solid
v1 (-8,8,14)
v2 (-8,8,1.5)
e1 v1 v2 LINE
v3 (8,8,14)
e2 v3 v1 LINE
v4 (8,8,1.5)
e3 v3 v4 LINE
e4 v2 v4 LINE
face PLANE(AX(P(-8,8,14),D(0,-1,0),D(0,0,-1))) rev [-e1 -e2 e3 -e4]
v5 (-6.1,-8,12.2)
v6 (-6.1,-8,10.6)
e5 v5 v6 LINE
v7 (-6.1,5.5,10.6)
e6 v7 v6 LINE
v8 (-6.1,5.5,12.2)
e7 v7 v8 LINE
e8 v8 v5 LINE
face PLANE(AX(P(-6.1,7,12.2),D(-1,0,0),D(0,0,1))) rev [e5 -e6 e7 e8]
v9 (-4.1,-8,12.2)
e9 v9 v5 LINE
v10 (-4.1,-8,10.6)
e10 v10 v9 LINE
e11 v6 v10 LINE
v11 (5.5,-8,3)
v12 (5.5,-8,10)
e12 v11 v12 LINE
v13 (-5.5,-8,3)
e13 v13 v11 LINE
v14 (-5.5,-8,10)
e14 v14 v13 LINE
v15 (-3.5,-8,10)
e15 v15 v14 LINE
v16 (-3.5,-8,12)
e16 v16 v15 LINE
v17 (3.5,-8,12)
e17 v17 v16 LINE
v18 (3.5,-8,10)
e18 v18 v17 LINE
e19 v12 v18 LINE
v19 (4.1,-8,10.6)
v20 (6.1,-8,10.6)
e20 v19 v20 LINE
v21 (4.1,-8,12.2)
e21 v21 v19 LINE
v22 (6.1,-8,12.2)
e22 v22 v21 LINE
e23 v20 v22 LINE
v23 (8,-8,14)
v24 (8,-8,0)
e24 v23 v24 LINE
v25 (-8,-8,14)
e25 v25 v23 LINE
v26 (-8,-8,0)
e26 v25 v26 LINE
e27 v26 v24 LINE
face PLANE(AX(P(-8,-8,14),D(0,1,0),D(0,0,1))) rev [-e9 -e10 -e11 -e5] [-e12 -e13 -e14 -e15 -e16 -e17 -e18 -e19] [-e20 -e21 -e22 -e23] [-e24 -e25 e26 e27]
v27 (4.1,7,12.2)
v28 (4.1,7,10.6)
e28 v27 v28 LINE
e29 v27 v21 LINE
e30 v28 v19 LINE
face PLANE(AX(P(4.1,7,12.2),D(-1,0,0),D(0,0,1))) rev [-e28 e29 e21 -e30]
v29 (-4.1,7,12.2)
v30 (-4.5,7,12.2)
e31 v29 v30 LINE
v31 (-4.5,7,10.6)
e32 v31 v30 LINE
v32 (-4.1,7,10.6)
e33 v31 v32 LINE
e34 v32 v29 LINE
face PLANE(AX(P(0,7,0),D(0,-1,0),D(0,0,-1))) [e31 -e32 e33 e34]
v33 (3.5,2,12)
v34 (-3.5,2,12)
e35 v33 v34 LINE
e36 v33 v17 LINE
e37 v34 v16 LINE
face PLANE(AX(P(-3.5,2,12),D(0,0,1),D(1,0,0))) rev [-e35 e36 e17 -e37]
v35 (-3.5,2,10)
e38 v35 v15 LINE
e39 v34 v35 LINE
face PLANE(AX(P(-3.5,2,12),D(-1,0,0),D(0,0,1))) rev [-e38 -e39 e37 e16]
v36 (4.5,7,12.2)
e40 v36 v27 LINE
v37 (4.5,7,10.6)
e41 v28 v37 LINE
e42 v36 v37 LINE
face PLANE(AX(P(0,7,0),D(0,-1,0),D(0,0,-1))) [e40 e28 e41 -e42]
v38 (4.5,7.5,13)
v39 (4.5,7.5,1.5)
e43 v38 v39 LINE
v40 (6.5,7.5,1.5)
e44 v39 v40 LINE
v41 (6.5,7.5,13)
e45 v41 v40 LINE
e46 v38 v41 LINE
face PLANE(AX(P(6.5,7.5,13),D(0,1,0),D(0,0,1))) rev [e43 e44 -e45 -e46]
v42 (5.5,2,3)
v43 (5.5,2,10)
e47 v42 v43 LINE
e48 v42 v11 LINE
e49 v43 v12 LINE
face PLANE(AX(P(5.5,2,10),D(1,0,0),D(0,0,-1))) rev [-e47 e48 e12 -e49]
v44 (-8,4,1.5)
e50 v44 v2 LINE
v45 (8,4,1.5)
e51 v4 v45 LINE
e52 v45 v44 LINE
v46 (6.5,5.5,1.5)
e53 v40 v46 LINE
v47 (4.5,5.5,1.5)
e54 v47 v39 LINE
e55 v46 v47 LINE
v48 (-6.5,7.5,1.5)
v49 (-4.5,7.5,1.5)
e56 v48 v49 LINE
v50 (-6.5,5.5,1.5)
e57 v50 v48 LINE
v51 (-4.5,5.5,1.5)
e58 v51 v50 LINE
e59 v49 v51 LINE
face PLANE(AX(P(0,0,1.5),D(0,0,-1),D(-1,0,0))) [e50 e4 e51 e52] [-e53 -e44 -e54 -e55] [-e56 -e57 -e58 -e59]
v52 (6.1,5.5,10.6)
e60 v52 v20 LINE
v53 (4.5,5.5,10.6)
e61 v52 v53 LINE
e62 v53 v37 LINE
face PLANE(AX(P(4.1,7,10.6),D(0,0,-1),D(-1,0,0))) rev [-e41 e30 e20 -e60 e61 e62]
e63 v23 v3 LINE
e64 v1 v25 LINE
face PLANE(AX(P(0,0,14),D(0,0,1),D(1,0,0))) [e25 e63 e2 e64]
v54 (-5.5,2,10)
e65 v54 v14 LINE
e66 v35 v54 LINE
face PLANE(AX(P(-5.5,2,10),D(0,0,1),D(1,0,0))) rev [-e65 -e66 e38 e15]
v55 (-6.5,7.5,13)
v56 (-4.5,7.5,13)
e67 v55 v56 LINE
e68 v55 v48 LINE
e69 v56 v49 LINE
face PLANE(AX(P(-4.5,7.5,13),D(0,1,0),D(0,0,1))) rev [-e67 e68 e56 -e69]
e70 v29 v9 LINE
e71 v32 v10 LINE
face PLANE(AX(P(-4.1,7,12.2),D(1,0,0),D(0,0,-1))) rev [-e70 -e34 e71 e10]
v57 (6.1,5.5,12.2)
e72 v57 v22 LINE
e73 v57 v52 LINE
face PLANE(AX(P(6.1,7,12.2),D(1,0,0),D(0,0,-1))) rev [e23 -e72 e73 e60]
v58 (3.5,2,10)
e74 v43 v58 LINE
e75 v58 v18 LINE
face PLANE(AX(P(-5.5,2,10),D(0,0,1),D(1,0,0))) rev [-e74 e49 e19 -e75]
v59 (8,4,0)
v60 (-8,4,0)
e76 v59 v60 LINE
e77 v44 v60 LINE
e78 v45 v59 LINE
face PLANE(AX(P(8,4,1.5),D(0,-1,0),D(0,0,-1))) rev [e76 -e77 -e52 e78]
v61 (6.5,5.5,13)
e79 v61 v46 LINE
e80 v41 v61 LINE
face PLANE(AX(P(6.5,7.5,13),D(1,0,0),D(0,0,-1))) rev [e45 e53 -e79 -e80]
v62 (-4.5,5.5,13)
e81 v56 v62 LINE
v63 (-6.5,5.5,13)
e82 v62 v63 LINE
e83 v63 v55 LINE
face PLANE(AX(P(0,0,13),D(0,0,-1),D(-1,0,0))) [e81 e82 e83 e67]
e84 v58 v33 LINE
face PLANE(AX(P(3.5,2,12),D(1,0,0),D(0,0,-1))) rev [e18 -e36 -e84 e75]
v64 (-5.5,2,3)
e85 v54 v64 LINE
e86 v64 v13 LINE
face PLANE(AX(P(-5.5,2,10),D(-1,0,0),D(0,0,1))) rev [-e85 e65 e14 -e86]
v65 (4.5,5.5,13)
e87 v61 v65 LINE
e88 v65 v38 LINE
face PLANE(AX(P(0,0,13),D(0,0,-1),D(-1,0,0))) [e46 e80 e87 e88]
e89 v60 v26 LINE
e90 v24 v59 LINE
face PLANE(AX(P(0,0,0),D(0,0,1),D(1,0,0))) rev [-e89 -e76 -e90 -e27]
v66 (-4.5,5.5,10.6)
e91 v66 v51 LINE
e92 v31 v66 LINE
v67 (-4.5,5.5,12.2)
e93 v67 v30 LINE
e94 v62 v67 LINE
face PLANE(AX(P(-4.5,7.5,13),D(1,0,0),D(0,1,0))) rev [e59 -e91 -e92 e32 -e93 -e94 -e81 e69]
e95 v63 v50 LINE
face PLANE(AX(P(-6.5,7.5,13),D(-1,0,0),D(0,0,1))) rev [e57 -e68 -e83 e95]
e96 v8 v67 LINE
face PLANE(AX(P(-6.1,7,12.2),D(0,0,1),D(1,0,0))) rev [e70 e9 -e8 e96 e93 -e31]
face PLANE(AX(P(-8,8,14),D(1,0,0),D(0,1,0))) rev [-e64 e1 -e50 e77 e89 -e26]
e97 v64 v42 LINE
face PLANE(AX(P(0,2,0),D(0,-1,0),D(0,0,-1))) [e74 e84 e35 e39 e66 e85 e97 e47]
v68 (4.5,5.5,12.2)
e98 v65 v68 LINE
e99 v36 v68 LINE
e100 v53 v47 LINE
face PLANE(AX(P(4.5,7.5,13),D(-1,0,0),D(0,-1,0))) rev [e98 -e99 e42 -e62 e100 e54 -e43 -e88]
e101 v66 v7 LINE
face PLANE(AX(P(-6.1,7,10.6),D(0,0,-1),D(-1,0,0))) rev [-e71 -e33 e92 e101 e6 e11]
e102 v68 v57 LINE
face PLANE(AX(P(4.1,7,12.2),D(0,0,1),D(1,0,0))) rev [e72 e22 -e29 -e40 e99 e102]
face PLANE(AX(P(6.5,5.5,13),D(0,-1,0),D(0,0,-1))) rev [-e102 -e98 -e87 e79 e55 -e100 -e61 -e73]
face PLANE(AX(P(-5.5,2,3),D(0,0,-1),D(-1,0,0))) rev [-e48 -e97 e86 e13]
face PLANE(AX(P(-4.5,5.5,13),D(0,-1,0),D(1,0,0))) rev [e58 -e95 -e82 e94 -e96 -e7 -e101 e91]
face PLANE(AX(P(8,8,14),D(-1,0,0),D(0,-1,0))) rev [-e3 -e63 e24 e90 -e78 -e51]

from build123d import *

# Parameters (mm, degrees)
SKIZZE1_W                       = 16
SKIZZE1_H                       = 16
AUFSATZ_LINEAR_AUSTRAGEN1_DEPTH = 14
SKIZZE2_W                       = 11
SKIZZE2_H                       = 7
SCHNITT_LINEAR_AUSTRAGEN1_DEPTH = 10
SKIZZE3_W                       = 7
SKIZZE3_H                       = 2
SCHNITT_LINEAR_AUSTRAGEN2_DEPTH = 10
SKIZZE4_W                       = 2
SKIZZE4_H                       = 1.6
SCHNITT_LINEAR_AUSTRAGEN3_DEPTH = 15
SKIZZE5_W                       = 16
SKIZZE5_H                       = 4
SCHNITT_LINEAR_AUSTRAGEN5_DEPTH = 1.5
SKIZZE6_W                       = 2
SKIZZE6_H                       = 2
SCHNITT_LINEAR_AUSTRAGEN6_DEPTH = 11.5


with BuildPart() as part:
    # Skizze1 → Aufsatz-Linear austragen1 (new body)
    with BuildSketch(Plane.XY):
        Rectangle(SKIZZE1_W, SKIZZE1_H)
    extrude(amount=AUFSATZ_LINEAR_AUSTRAGEN1_DEPTH)

    # Skizze2 → Schnitt-Linear austragen1 (cut)
    with BuildSketch(Plane.XZ.offset(8)):
        with Locations((0, 6.5)):
            Rectangle(SKIZZE2_W, SKIZZE2_H)
    extrude(amount=-SCHNITT_LINEAR_AUSTRAGEN1_DEPTH, mode=Mode.SUBTRACT)

    # Skizze3 → Schnitt-Linear austragen2 (cut)
    with BuildSketch(Plane.XZ.offset(8)):
        with Locations((0, 11)):
            Rectangle(SKIZZE3_W, SKIZZE3_H)
    extrude(amount=-SCHNITT_LINEAR_AUSTRAGEN2_DEPTH, mode=Mode.SUBTRACT)

    # Skizze4 → Schnitt-Linear austragen3 (cut)
    with BuildSketch(Plane.XZ.offset(8)):
        with Locations((5.1, 11.4)):
            Rectangle(SKIZZE4_W, SKIZZE4_H)
        with Locations((-5.1, 11.4)):
            Rectangle(SKIZZE4_W, SKIZZE4_H)
    extrude(amount=-SCHNITT_LINEAR_AUSTRAGEN3_DEPTH, mode=Mode.SUBTRACT)

    # Skizze5 → Schnitt-Linear austragen5 (cut)
    with BuildSketch(Plane(origin=(0, 0, 0), x_dir=(-1, 0, 0), z_dir=(0, 0, -1))):
        with Locations((0, 6)):
            Rectangle(SKIZZE5_W, SKIZZE5_H)
    extrude(amount=-SCHNITT_LINEAR_AUSTRAGEN5_DEPTH, mode=Mode.SUBTRACT)

    # Skizze6 → Schnitt-Linear austragen6 (cut)
    with BuildSketch(Plane(origin=(0, 0, 1.5), x_dir=(-1, 0, 0), z_dir=(0, 0, -1))):
        with Locations((-5.5, 6.5)):
            Rectangle(SKIZZE6_W, SKIZZE6_H)
        with Locations((5.5, 6.5)):
            Rectangle(SKIZZE6_W, SKIZZE6_H)
    extrude(amount=-SCHNITT_LINEAR_AUSTRAGEN6_DEPTH, mode=Mode.SUBTRACT)


solid = part.part
